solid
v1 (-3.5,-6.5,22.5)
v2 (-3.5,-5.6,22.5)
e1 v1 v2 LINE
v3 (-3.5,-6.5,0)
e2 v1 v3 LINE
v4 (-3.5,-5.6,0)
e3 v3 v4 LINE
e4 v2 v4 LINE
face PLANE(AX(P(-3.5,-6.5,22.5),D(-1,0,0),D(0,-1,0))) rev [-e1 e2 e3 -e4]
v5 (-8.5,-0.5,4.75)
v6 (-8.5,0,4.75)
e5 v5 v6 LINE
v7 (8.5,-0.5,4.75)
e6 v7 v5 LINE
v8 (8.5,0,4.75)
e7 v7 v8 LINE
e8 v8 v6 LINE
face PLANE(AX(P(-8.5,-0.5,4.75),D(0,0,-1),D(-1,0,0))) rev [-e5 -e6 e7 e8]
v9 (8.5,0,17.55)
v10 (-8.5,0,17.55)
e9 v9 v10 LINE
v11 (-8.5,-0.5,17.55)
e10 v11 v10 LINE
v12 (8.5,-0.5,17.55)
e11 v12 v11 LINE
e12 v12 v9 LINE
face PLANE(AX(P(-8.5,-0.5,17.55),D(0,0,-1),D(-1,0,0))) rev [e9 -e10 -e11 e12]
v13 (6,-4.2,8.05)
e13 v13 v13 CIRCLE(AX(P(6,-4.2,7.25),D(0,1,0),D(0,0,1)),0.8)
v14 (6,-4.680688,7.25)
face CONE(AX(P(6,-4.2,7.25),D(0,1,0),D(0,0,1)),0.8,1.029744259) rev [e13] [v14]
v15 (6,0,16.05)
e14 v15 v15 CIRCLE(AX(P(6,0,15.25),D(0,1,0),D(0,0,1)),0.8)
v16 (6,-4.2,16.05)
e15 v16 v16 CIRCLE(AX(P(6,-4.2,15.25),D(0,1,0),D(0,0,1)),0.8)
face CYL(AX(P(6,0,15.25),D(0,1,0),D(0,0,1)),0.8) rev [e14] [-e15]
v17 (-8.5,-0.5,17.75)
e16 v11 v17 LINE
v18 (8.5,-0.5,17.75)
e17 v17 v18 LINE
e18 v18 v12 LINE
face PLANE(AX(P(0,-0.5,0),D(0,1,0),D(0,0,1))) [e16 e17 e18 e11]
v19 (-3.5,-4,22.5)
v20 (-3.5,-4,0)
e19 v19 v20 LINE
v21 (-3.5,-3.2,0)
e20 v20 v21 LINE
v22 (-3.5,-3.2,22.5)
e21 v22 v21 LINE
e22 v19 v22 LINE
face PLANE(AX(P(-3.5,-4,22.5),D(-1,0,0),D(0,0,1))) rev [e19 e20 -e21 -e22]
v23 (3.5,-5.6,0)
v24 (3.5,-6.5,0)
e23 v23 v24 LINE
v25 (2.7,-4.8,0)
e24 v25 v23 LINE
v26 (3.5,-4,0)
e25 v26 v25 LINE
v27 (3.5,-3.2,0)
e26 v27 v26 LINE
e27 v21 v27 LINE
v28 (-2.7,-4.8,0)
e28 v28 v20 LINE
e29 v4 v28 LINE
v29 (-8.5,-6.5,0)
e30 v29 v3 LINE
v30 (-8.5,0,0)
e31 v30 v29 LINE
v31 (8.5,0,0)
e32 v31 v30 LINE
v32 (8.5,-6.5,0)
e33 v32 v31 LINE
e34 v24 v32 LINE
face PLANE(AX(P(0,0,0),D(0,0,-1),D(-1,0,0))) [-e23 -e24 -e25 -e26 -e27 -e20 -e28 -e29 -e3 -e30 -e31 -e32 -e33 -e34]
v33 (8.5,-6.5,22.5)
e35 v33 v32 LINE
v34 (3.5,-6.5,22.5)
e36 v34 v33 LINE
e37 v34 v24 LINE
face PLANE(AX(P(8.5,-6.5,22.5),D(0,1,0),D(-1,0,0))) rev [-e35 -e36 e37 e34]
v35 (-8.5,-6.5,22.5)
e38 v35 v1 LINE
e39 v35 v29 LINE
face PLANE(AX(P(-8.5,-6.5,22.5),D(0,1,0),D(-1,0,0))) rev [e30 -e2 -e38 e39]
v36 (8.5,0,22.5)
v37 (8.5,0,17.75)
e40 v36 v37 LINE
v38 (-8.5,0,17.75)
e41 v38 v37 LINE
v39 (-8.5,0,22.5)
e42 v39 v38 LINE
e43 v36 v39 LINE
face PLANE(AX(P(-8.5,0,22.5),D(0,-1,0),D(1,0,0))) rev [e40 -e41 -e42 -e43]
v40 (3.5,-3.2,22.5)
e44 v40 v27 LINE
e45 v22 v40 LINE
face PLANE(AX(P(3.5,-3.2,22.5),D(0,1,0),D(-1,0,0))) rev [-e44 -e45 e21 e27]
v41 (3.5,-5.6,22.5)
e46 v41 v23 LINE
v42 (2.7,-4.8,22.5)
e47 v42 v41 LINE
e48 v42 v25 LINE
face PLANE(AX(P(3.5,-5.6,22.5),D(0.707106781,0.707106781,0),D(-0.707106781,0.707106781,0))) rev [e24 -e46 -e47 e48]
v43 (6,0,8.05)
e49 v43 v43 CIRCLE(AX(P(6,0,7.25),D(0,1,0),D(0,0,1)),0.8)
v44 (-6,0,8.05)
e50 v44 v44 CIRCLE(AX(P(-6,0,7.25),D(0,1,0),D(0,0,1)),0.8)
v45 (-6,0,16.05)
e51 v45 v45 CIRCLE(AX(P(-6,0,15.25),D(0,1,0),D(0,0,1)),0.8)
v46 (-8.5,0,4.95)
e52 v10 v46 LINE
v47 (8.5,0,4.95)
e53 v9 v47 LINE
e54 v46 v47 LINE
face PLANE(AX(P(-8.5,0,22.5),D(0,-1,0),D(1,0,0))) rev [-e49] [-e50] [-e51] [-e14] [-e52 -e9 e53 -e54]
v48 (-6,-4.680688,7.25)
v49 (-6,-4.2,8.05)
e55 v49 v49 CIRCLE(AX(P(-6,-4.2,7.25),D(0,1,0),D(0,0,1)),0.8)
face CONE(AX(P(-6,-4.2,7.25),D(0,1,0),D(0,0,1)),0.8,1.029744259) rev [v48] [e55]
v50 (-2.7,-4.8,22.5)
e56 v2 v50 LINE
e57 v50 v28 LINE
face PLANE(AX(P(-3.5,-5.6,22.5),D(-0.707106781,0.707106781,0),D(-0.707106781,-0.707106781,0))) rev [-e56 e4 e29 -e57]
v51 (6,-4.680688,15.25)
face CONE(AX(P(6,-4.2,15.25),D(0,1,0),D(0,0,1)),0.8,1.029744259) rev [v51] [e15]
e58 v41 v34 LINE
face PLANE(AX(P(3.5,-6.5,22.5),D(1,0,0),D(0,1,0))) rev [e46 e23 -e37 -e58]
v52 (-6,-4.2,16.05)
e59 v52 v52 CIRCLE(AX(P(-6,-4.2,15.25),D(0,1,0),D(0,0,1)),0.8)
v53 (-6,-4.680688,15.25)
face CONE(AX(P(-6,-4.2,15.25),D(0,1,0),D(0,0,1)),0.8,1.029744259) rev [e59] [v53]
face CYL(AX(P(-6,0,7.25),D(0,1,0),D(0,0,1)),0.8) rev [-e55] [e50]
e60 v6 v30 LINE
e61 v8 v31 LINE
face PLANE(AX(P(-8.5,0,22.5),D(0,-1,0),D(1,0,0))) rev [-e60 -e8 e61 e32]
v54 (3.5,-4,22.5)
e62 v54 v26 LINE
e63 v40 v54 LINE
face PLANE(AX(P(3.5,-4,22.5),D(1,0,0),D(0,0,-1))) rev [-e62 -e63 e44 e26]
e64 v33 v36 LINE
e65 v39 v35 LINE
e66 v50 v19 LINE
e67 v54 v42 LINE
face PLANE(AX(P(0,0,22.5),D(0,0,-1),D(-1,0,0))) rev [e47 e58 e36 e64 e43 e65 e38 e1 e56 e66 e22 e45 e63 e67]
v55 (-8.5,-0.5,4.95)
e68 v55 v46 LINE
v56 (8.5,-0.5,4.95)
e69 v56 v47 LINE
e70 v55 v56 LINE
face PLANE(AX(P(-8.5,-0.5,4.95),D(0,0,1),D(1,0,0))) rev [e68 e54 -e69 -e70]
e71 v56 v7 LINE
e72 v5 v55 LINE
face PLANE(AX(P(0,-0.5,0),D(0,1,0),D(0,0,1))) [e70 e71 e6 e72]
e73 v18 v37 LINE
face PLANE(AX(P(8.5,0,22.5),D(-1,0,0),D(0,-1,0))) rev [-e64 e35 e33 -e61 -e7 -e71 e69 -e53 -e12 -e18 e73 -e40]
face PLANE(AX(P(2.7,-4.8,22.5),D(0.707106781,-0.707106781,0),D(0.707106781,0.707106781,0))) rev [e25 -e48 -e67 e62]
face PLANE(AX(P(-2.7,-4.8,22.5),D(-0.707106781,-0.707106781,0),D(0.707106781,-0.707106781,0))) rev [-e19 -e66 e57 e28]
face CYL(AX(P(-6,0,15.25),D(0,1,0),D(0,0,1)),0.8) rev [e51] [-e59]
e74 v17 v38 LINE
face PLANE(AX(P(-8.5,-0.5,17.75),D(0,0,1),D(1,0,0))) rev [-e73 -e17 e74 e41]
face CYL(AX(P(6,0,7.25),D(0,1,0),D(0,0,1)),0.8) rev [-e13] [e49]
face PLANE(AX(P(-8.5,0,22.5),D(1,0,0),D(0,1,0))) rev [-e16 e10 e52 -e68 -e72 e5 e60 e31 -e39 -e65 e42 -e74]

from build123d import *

# Parameters (mm, degrees)
EXTRUDE_1_DEPTH        = 22.5
SKETCH_3_W             = 17
SKETCH_3_H             = 0.2
CUT_EXTRUDE_1_DEPTH    = 0.5
HOLE_WIZARD_M2_1_D     = 1.6
HOLE_WIZARD_M2_1_DEPTH = 4.2
HOLE_WIZARD_M2_1_TIP   = 0.480688495


with BuildPart() as part:
    # 草图2 → 凸台-拉伸1 (new body)
    with BuildSketch(Plane.XY):
        Polygon((-8.5, 0), (8.5, 0), (8.5, -6.5), (3.5, -6.5), (3.5, -5.6), (2.7, -4.8), (3.5, -4), (3.5, -3.2), (-3.5, -3.2), (-3.5, -4), (-2.7, -4.8), (-3.5, -5.6), (-3.5, -6.5), (-8.5, -6.5), align=None)
    extrude(amount=EXTRUDE_1_DEPTH)

    # 草图3 → 切除-拉伸1 (cut)
    with BuildSketch(Plane(origin=(0, 0, 0), x_dir=(1, 0, 0), z_dir=(0, 1, 0))):
        with Locations((0, -17.65)):
            Rectangle(SKETCH_3_W, SKETCH_3_H)
        with Locations((0, -4.85)):
            Rectangle(SKETCH_3_W, SKETCH_3_H)
    extrude(amount=-CUT_EXTRUDE_1_DEPTH, mode=Mode.SUBTRACT)

    # M2 螺纹孔1
    with Locations(Plane(origin=(0, 0, 0), x_dir=(1, 0, 0), z_dir=(0, 1, 0))):
        with Locations((-6, -7.25), (6, -7.25), (6, -15.25), (-6, -15.25)):
            Hole(HOLE_WIZARD_M2_1_D / 2, depth=HOLE_WIZARD_M2_1_DEPTH)
            with Locations((0, 0, -(HOLE_WIZARD_M2_1_DEPTH + HOLE_WIZARD_M2_1_TIP / 2))):  # 118° drill point
                Cone(0, HOLE_WIZARD_M2_1_D / 2, HOLE_WIZARD_M2_1_TIP, mode=Mode.SUBTRACT)


solid = part.part
